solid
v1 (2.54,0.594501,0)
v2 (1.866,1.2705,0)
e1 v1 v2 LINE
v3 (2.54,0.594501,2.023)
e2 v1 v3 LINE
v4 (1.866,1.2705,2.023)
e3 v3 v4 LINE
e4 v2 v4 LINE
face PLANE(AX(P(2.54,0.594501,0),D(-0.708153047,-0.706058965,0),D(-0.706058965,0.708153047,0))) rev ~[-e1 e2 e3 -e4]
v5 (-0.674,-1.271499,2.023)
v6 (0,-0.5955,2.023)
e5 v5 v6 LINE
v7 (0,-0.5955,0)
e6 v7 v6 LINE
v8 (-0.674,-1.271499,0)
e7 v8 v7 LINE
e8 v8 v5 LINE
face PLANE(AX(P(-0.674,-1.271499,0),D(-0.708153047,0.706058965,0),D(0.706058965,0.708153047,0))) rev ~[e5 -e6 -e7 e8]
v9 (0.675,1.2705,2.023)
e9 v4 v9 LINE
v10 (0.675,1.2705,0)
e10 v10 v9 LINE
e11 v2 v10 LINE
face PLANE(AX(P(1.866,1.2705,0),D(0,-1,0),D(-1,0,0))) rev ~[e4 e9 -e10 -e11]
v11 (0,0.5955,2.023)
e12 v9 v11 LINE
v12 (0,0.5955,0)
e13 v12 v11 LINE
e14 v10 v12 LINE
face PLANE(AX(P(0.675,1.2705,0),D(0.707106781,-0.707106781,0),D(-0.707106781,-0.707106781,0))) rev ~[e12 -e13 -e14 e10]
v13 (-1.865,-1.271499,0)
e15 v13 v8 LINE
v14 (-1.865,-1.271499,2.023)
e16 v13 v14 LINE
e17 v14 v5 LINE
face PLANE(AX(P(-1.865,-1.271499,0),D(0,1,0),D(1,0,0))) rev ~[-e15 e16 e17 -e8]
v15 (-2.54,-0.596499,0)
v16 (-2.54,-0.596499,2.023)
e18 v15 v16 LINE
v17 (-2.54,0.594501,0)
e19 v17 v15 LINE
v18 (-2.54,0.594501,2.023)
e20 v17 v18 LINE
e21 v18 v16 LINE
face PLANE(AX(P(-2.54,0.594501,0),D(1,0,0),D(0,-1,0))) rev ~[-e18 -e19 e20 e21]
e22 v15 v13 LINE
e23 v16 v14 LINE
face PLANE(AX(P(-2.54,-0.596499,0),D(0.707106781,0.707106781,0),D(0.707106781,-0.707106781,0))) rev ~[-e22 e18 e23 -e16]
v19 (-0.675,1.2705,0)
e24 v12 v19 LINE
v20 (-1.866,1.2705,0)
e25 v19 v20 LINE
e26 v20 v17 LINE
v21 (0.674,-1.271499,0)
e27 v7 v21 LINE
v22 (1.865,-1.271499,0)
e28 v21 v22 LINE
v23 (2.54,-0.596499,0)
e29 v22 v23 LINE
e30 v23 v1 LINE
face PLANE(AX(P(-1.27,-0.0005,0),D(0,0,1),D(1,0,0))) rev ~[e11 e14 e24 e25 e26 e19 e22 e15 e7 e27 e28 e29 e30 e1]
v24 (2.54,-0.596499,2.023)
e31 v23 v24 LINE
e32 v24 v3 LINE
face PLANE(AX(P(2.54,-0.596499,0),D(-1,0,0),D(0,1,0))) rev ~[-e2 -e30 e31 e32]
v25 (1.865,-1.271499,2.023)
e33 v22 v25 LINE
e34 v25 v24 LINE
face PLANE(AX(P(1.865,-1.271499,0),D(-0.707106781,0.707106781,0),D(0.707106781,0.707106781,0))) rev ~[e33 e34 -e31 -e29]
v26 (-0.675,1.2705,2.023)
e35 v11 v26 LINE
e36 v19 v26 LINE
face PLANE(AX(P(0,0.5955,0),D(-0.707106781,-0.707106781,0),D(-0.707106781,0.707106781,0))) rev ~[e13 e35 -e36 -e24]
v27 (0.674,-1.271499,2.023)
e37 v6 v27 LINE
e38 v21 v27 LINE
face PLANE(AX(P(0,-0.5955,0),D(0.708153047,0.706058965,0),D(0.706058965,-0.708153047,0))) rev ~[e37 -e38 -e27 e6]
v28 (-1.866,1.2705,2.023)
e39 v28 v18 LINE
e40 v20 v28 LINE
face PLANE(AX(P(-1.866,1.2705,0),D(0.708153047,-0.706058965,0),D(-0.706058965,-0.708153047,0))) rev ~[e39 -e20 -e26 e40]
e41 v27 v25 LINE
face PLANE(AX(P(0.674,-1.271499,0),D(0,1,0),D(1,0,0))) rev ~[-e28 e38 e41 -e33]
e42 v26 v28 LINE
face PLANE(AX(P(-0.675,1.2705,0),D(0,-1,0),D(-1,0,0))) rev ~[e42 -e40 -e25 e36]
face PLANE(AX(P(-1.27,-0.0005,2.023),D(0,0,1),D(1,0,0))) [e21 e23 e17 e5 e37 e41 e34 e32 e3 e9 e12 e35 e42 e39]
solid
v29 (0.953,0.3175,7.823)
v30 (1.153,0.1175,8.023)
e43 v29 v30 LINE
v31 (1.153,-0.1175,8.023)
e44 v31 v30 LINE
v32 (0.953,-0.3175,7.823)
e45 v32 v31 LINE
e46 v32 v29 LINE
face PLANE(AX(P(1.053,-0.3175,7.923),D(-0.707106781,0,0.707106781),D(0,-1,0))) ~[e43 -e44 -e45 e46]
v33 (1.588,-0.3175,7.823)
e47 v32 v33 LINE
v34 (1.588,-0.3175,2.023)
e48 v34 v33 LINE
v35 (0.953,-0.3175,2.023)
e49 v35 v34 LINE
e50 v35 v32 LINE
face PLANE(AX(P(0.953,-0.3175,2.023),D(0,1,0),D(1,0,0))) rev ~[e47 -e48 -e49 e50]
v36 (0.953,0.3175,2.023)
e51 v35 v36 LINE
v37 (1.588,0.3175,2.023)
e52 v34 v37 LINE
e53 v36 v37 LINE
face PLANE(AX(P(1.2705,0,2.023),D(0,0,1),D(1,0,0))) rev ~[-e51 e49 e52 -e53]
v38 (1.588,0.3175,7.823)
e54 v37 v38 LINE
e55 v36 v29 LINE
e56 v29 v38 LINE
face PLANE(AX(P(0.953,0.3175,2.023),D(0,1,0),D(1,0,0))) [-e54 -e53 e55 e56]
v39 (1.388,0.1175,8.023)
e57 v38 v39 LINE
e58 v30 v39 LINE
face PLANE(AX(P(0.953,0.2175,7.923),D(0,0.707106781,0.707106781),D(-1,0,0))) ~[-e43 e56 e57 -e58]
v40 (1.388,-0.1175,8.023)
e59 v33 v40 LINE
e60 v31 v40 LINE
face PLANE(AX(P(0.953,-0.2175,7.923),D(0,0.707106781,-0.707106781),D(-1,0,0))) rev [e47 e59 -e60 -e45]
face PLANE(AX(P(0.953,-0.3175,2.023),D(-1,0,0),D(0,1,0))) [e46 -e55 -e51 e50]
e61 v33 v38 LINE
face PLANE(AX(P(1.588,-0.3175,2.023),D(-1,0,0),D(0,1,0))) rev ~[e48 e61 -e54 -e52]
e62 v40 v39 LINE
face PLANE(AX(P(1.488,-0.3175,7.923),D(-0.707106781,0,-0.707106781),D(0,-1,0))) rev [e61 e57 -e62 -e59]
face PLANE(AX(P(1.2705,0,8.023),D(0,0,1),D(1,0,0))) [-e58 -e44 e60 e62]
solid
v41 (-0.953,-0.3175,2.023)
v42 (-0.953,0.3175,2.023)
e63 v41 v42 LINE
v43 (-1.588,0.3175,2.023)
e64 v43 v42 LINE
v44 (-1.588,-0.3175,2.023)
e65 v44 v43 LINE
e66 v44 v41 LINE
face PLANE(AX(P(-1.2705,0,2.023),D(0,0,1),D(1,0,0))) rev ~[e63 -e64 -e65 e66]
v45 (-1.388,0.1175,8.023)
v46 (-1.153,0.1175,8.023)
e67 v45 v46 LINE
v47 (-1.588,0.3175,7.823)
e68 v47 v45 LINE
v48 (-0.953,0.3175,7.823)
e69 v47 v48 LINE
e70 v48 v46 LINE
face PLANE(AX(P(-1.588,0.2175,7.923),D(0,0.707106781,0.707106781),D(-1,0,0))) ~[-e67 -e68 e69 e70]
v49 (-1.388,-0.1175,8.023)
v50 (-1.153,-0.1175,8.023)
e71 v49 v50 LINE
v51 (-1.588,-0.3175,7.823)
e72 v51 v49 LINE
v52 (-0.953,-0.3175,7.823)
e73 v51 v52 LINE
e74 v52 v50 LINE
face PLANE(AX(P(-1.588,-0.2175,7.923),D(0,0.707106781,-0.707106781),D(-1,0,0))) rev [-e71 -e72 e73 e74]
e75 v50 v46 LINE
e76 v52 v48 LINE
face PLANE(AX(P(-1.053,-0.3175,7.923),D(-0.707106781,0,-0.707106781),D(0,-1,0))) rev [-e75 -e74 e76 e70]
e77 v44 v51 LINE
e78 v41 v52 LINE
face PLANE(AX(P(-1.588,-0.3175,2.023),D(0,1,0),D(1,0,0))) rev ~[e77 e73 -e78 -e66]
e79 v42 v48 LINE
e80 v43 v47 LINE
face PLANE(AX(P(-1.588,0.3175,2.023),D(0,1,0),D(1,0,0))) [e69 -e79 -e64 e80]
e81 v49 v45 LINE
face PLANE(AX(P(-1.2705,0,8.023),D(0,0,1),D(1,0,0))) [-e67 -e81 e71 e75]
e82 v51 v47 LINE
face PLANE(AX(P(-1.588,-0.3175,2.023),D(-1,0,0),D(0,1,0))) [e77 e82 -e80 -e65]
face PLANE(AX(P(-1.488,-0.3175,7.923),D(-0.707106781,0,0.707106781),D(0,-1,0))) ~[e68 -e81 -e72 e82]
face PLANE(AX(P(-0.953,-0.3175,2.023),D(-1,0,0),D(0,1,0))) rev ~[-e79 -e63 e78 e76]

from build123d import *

# Parameters (mm, degrees)
F1_DEPTH = 2.023
F2_W     = 0.635
F2_H     = 0.635
F3_DEPTH = 6
F4_SIZE  = 0.2


with BuildPart() as f1:
    # F0 (on Top) → F1 (new body)
    with BuildSketch(Plane.XY):
        Polygon((-0.675, 1.2705), (-1.866, 1.2705), (-2.54, 0.594501), (-2.54, -0.596499), (-1.865, -1.271499), (-0.674, -1.271499), (0, -0.5955), (0, 0.5955), align=None)
        Polygon((0.675, 1.2705), (0, 0.5955), (0, -0.5955), (0.674, -1.271499), (1.865, -1.271499), (2.54, -0.596499), (2.54, 0.594501), (1.866, 1.2705), align=None)
    extrude(amount=F1_DEPTH)


with BuildPart() as f3:
    # F2 (on face) → F3 (new body)
    with BuildSketch(Plane.XY.offset(2.023)):
        with Locations((-1.2705, 0)):
            Rectangle(F2_W, F2_H)
        with Locations((1.2705, 0)):
            Rectangle(F2_W, F2_H)
    extrude(amount=F3_DEPTH)

    # F4
    f4_edges = [f3.edges().sort_by_distance(p)[0] for p in [
        (-1.2705, 0.3175, 8.023),
        (-1.588, 0, 8.023),
        (-1.2705, -0.3175, 8.023),
        (-0.953, 0, 8.023),
        (1.2705, 0.3175, 8.023),
        (0.953, 0, 8.023),
        (1.2705, -0.3175, 8.023),
        (1.588, 0, 8.023),
    ]]
    chamfer(f4_edges, length=F4_SIZE)


solid = Compound([f1.part, f3.part])
